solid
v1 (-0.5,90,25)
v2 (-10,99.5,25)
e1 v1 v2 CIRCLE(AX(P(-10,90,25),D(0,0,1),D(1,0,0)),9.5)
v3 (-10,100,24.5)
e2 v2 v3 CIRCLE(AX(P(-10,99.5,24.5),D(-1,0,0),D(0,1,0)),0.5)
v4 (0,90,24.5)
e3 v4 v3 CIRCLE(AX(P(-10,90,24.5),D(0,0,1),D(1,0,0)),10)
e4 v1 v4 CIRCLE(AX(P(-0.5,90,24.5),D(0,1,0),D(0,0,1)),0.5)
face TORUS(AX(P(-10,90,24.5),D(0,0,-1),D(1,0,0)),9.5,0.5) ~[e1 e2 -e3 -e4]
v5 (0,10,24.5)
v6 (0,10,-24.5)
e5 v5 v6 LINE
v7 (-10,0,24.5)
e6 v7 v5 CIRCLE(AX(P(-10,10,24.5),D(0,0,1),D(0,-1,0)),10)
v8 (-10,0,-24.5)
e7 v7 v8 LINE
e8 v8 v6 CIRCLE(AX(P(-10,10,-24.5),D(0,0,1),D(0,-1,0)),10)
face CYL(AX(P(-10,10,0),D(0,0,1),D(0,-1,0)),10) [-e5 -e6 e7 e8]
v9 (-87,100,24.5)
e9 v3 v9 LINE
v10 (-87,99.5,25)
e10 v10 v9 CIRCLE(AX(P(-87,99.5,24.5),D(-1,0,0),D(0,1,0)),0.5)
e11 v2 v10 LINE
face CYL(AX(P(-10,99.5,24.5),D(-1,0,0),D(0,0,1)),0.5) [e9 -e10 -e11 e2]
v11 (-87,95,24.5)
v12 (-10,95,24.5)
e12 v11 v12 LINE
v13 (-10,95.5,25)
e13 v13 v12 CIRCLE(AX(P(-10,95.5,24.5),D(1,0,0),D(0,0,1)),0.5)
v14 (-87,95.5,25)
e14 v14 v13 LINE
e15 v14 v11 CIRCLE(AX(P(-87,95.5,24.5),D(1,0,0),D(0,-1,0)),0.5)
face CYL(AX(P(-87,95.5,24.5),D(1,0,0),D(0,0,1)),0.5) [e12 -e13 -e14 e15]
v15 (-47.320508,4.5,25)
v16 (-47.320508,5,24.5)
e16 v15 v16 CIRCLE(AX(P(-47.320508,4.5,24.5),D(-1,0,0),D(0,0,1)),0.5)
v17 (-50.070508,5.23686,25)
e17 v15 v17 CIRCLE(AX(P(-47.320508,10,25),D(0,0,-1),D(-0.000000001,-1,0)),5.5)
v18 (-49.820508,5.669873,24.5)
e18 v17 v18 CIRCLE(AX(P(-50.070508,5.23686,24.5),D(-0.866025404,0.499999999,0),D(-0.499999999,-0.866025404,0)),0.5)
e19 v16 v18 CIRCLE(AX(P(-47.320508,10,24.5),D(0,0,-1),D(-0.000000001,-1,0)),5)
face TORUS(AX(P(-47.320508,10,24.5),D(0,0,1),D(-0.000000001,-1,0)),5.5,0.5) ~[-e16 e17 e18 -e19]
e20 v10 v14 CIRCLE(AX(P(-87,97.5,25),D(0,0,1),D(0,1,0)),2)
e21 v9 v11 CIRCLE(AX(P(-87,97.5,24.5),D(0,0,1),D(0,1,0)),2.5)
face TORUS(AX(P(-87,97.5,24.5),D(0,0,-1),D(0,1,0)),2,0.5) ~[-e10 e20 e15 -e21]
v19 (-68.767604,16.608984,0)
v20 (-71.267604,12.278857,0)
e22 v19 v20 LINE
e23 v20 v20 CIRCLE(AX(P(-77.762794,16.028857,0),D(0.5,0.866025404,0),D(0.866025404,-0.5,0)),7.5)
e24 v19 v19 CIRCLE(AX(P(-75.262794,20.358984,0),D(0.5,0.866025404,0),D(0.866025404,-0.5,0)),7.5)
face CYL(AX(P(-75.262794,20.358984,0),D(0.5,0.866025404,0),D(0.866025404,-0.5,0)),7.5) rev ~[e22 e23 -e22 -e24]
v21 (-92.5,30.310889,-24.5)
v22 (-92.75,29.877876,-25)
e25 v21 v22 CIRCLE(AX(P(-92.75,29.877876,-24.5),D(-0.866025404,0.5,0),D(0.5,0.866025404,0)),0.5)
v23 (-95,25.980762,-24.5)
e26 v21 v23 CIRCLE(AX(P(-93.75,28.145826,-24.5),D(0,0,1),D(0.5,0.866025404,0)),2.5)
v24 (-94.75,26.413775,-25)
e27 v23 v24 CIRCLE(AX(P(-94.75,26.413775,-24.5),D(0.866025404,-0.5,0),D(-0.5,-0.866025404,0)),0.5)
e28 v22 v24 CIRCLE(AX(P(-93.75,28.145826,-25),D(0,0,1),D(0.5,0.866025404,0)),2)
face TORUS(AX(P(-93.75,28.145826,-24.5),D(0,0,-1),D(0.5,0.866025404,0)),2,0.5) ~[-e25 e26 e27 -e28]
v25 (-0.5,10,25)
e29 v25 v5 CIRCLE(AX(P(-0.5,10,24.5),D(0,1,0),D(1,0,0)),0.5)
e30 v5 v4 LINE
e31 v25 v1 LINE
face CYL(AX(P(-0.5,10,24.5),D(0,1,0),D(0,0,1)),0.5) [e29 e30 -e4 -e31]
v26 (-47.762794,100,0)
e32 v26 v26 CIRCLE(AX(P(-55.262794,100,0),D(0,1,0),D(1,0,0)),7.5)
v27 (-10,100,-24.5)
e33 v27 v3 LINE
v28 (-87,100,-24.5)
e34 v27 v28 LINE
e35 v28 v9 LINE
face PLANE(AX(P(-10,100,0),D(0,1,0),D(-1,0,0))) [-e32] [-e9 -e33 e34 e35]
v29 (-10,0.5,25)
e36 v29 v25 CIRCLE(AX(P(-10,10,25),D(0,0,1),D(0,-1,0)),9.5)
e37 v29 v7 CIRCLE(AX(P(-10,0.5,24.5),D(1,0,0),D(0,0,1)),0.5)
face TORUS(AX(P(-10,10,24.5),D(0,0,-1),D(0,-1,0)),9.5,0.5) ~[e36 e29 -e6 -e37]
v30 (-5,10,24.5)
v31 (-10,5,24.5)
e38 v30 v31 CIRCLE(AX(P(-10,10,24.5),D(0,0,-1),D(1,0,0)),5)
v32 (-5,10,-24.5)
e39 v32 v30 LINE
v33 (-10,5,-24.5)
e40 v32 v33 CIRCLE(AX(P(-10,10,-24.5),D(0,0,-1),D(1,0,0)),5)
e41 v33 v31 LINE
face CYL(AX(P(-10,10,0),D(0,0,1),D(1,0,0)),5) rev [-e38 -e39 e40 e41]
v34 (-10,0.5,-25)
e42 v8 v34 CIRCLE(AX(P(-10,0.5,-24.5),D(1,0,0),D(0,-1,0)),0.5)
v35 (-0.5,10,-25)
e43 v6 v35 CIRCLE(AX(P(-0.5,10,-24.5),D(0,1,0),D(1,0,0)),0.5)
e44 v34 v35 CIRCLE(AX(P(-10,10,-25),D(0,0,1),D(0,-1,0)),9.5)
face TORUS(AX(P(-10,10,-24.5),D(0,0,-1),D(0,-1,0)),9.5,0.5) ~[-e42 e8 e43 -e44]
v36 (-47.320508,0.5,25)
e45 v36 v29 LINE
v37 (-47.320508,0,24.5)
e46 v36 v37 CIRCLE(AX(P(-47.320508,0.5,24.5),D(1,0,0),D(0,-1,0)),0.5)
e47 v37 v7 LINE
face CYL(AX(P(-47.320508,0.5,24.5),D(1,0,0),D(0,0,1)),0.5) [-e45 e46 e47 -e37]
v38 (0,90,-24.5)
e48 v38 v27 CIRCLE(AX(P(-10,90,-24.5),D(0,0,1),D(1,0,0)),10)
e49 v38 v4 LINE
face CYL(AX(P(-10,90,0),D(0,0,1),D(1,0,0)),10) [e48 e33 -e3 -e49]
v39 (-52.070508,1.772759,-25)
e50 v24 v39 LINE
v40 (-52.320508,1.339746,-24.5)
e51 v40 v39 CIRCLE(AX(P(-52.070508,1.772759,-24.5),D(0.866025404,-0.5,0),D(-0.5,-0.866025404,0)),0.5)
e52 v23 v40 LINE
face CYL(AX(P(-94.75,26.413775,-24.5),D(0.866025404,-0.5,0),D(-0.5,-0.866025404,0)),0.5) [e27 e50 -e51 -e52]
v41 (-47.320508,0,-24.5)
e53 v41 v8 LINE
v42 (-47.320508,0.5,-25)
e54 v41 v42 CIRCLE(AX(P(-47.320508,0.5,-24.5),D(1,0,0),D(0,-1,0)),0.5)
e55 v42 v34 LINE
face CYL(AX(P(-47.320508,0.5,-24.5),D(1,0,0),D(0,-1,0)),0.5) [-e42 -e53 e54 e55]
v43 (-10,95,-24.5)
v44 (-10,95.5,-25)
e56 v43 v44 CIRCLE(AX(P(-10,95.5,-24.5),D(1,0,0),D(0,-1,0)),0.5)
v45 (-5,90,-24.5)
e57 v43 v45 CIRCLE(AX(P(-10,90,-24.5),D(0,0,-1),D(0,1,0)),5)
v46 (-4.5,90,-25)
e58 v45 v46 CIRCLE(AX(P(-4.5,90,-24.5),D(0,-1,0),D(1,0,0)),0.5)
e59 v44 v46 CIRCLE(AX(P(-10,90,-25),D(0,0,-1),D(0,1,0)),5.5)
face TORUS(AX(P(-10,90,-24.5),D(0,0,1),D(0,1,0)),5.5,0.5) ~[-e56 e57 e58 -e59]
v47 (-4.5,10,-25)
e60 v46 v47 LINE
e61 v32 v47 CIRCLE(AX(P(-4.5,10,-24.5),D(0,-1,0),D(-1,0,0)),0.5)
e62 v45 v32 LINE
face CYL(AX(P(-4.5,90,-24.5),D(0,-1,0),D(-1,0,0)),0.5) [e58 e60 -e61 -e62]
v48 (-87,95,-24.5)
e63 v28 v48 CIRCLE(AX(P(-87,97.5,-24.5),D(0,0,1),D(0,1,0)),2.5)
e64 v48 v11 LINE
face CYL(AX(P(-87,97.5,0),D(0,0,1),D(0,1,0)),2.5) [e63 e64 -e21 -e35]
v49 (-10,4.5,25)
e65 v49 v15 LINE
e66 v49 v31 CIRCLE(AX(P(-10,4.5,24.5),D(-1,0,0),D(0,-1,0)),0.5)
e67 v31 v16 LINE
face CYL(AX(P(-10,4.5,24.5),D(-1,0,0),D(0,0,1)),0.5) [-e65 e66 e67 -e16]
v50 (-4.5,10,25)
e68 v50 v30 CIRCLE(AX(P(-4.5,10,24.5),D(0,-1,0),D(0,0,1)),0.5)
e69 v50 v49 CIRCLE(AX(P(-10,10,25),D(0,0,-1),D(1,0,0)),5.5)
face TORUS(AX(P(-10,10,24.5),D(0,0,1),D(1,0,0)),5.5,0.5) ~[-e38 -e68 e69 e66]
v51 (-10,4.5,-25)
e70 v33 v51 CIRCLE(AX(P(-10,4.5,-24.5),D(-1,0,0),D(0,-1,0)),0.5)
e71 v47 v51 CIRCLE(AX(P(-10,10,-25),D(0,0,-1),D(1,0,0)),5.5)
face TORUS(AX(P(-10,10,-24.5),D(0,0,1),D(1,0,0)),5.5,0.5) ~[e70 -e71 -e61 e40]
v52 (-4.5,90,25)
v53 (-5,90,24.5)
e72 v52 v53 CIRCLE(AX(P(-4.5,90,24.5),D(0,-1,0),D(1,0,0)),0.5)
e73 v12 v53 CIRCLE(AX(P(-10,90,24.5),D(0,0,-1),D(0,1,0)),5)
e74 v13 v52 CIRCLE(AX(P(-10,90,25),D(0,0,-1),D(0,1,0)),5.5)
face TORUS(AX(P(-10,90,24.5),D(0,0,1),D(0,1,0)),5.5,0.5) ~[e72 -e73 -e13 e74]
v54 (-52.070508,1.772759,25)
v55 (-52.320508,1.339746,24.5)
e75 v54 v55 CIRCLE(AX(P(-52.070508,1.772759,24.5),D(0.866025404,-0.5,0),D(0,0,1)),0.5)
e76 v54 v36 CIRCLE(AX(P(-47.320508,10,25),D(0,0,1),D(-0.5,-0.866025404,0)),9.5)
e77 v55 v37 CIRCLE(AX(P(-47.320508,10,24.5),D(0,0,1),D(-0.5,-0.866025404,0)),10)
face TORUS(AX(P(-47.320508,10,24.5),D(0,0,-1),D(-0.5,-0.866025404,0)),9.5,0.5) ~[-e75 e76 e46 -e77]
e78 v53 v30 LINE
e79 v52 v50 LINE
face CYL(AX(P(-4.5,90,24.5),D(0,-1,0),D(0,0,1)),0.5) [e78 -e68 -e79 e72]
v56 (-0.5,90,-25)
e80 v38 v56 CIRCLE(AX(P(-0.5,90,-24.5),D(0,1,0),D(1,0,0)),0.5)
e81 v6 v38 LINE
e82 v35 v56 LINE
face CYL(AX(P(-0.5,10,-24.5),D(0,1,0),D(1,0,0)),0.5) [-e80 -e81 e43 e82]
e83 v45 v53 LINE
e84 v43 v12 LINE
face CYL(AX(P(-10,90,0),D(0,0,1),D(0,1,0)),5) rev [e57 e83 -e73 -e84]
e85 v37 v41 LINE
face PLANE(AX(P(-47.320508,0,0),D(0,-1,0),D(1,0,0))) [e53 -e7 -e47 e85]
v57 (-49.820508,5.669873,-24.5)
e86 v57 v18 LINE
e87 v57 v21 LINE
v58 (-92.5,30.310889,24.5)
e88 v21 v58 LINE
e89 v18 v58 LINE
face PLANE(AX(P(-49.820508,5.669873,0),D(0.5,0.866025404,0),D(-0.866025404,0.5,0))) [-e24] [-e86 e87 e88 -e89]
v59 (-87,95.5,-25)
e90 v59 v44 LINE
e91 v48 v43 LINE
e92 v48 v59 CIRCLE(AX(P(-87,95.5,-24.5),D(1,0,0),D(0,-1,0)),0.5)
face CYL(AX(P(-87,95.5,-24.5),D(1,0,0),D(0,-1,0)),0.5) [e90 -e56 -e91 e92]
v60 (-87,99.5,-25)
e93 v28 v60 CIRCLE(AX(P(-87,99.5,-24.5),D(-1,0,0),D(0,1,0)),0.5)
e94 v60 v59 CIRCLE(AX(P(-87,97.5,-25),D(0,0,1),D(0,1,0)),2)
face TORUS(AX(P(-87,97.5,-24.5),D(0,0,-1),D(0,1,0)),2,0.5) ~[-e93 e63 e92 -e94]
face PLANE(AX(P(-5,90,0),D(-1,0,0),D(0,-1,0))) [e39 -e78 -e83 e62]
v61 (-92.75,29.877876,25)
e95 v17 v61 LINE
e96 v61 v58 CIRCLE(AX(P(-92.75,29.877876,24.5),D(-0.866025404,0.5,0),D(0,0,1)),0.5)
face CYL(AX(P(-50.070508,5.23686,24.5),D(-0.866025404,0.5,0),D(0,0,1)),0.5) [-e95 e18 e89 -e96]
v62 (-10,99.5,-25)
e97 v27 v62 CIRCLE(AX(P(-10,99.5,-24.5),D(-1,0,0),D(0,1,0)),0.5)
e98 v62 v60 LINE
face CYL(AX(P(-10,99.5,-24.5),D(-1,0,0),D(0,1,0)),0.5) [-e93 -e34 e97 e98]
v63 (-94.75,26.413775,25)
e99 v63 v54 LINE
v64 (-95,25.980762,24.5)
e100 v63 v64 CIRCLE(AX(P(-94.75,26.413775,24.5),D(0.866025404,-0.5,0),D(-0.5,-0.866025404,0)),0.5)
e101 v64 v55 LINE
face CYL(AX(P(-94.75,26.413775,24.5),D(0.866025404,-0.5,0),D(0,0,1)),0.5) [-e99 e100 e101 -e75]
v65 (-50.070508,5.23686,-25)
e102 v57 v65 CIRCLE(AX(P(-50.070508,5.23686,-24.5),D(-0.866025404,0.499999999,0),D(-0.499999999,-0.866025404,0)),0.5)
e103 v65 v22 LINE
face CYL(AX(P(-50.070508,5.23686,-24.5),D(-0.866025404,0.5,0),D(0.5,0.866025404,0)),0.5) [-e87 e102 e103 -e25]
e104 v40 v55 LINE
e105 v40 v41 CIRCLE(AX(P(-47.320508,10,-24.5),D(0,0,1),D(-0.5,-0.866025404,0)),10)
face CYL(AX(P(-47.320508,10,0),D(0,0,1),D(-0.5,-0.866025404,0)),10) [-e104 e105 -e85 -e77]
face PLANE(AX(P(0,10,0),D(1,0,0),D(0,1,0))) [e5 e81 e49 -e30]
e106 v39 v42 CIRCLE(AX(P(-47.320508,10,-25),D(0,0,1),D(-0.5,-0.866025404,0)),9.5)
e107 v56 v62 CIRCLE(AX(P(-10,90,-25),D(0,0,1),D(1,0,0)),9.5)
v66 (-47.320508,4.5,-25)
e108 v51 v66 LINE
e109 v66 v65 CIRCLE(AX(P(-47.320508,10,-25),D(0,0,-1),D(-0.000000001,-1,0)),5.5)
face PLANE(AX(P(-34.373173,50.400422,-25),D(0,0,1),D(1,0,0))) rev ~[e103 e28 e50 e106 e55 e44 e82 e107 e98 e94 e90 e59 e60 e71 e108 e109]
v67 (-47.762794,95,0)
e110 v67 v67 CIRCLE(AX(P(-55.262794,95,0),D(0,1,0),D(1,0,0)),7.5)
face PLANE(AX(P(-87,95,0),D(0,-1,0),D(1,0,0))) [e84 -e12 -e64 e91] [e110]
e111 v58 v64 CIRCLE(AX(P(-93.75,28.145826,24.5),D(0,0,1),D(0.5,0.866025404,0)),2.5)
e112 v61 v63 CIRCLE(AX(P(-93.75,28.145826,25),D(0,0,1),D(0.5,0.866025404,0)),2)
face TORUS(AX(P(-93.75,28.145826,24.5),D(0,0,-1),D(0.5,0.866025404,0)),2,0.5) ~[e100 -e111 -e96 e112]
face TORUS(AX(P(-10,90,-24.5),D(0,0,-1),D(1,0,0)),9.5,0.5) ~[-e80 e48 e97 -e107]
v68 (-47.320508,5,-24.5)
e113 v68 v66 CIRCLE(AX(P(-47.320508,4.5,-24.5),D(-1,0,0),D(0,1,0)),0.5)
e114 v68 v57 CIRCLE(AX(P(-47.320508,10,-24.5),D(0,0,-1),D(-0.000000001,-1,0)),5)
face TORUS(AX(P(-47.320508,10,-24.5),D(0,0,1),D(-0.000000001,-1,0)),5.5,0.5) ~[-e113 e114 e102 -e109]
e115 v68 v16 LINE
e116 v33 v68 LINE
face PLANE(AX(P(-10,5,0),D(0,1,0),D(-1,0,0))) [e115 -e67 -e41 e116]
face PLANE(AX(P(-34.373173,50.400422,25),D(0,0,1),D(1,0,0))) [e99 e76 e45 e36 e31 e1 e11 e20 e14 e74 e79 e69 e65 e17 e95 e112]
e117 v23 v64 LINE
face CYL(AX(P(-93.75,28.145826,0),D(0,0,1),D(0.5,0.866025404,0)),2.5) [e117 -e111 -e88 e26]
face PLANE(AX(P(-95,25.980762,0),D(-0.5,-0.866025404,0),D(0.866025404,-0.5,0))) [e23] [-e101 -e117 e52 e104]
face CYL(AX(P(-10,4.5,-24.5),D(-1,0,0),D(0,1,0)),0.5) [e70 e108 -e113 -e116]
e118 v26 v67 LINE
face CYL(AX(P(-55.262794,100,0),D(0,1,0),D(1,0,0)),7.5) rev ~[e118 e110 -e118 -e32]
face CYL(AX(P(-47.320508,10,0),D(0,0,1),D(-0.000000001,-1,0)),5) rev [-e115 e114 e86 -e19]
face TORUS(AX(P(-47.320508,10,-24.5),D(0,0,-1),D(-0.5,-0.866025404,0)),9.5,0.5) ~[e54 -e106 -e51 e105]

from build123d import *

# Parameters (mm, degrees)
EXTRUDE_1_DEPTH     = 25
SKETCH_3_R          = 7.5
CUT_EXTRUDE_1_DEPTH = 5
SKETCH_5_R          = 7.5
CUT_EXTRUDE_2_DEPTH = 5
FILLET_1_R          = 0.5


with BuildPart() as part:
    # 草图1 → 凸台-拉伸1 (new body, symmetric)
    with BuildSketch(Plane.XY):
        with BuildLine():
            Line((0, 10), (0, 90))
            ThreePointArc((0, 90), (-2.928932188, 97.071067812), (-10, 100))
            Line((-10, 100), (-87, 100))
            ThreePointArc((-87, 100), (-89.5, 97.5), (-87, 95))
            Line((-87, 95), (-10, 95))
            ThreePointArc((-10, 95), (-6.464466094, 93.535533906), (-5, 90))
            Line((-5, 90), (-5, 10))
            ThreePointArc((-5, 10), (-6.464466094, 6.464466094), (-10, 5))
            Line((-10, 5), (-47.320508076, 5))
            ThreePointArc((-47.320508076, 5), (-48.614603301, 5.170370869), (-49.820508076, 5.669872981))
            Line((-49.820508076, 5.669872981), (-92.5, 30.310889132))
            ThreePointArc((-92.5, 30.310889132), (-95.915063509, 29.395825623), (-95, 25.980762114))
            Line((-95, 25.980762114), (-52.320508076, 1.339745962))
            ThreePointArc((-52.320508076, 1.339745962), (-49.908698527, 0.340741737), (-47.320508076, 0))
            Line((-47.320508076, 0), (-10, 0))
            ThreePointArc((-10, 0), (-2.928932188, 2.928932188), (0, 10))
        make_face()
    extrude(amount=EXTRUDE_1_DEPTH, both=True)

    # 草图3 → 切除-拉伸1 (cut)
    with BuildSketch(Plane(origin=(-10, -17.320508076, 0), x_dir=(0.866025404, -0.5, 0), z_dir=(0.5, 0.866025404, 0))):
        with Locations((-75.358983849, 0)):
            Circle(SKETCH_3_R)
    extrude(amount=-CUT_EXTRUDE_1_DEPTH, mode=Mode.SUBTRACT)

    # 草图5 → 切除-拉伸2 (cut)
    with BuildSketch(Plane(origin=(0, 100, 0), x_dir=(1, 0, 0), z_dir=(0, 1, 0))):
        with Locations((-55.262794416, 0)):
            Circle(SKETCH_5_R)
    extrude(amount=-CUT_EXTRUDE_2_DEPTH, mode=Mode.SUBTRACT)

    # 圆角1
    fillet_1_edges = [part.edges().sort_by_distance(p)[0] for p in [
        (-89.5, 97.5, 25),
        (0, 50, -25),
        (-2.928932188, 2.928932188, -25),
        (-28.660254038, 0, -25),
        (-48.5, 95, 25),
        (-49.908698527, 0.340741737, -25),
        (-73.660254038, 13.660254038, -25),
        (-95.915063509, 29.395825623, -25),
        (-71.160254038, 17.990381057, -25),
        (-48.614603301, 5.170370869, -25),
        (-28.660254038, 5, -25),
        (-6.464466094, 6.464466094, -25),
        (-5, 50, -25),
        (-6.464466094, 93.535533906, -25),
        (-48.5, 95, -25),
        (-6.464466094, 93.535533906, 25),
        (-89.5, 97.5, -25),
        (-48.5, 100, -25),
        (-2.928932188, 97.071067812, -25),
        (-5, 50, 25),
        (-6.464466094, 6.464466094, 25),
        (-28.660254038, 5, 25),
        (-48.614603301, 5.170370869, 25),
        (-71.160254038, 17.990381057, 25),
        (-95.915063509, 29.395825623, 25),
        (-73.660254038, 13.660254038, 25),
        (-2.928932188, 97.071067812, 25),
        (-49.908698527, 0.340741737, 25),
        (-28.660254038, 0, 25),
        (-2.928932188, 2.928932188, 25),
        (0, 50, 25),
        (-48.5, 100, 25),
    ]]
    fillet(fillet_1_edges, radius=FILLET_1_R)


solid = part.part
